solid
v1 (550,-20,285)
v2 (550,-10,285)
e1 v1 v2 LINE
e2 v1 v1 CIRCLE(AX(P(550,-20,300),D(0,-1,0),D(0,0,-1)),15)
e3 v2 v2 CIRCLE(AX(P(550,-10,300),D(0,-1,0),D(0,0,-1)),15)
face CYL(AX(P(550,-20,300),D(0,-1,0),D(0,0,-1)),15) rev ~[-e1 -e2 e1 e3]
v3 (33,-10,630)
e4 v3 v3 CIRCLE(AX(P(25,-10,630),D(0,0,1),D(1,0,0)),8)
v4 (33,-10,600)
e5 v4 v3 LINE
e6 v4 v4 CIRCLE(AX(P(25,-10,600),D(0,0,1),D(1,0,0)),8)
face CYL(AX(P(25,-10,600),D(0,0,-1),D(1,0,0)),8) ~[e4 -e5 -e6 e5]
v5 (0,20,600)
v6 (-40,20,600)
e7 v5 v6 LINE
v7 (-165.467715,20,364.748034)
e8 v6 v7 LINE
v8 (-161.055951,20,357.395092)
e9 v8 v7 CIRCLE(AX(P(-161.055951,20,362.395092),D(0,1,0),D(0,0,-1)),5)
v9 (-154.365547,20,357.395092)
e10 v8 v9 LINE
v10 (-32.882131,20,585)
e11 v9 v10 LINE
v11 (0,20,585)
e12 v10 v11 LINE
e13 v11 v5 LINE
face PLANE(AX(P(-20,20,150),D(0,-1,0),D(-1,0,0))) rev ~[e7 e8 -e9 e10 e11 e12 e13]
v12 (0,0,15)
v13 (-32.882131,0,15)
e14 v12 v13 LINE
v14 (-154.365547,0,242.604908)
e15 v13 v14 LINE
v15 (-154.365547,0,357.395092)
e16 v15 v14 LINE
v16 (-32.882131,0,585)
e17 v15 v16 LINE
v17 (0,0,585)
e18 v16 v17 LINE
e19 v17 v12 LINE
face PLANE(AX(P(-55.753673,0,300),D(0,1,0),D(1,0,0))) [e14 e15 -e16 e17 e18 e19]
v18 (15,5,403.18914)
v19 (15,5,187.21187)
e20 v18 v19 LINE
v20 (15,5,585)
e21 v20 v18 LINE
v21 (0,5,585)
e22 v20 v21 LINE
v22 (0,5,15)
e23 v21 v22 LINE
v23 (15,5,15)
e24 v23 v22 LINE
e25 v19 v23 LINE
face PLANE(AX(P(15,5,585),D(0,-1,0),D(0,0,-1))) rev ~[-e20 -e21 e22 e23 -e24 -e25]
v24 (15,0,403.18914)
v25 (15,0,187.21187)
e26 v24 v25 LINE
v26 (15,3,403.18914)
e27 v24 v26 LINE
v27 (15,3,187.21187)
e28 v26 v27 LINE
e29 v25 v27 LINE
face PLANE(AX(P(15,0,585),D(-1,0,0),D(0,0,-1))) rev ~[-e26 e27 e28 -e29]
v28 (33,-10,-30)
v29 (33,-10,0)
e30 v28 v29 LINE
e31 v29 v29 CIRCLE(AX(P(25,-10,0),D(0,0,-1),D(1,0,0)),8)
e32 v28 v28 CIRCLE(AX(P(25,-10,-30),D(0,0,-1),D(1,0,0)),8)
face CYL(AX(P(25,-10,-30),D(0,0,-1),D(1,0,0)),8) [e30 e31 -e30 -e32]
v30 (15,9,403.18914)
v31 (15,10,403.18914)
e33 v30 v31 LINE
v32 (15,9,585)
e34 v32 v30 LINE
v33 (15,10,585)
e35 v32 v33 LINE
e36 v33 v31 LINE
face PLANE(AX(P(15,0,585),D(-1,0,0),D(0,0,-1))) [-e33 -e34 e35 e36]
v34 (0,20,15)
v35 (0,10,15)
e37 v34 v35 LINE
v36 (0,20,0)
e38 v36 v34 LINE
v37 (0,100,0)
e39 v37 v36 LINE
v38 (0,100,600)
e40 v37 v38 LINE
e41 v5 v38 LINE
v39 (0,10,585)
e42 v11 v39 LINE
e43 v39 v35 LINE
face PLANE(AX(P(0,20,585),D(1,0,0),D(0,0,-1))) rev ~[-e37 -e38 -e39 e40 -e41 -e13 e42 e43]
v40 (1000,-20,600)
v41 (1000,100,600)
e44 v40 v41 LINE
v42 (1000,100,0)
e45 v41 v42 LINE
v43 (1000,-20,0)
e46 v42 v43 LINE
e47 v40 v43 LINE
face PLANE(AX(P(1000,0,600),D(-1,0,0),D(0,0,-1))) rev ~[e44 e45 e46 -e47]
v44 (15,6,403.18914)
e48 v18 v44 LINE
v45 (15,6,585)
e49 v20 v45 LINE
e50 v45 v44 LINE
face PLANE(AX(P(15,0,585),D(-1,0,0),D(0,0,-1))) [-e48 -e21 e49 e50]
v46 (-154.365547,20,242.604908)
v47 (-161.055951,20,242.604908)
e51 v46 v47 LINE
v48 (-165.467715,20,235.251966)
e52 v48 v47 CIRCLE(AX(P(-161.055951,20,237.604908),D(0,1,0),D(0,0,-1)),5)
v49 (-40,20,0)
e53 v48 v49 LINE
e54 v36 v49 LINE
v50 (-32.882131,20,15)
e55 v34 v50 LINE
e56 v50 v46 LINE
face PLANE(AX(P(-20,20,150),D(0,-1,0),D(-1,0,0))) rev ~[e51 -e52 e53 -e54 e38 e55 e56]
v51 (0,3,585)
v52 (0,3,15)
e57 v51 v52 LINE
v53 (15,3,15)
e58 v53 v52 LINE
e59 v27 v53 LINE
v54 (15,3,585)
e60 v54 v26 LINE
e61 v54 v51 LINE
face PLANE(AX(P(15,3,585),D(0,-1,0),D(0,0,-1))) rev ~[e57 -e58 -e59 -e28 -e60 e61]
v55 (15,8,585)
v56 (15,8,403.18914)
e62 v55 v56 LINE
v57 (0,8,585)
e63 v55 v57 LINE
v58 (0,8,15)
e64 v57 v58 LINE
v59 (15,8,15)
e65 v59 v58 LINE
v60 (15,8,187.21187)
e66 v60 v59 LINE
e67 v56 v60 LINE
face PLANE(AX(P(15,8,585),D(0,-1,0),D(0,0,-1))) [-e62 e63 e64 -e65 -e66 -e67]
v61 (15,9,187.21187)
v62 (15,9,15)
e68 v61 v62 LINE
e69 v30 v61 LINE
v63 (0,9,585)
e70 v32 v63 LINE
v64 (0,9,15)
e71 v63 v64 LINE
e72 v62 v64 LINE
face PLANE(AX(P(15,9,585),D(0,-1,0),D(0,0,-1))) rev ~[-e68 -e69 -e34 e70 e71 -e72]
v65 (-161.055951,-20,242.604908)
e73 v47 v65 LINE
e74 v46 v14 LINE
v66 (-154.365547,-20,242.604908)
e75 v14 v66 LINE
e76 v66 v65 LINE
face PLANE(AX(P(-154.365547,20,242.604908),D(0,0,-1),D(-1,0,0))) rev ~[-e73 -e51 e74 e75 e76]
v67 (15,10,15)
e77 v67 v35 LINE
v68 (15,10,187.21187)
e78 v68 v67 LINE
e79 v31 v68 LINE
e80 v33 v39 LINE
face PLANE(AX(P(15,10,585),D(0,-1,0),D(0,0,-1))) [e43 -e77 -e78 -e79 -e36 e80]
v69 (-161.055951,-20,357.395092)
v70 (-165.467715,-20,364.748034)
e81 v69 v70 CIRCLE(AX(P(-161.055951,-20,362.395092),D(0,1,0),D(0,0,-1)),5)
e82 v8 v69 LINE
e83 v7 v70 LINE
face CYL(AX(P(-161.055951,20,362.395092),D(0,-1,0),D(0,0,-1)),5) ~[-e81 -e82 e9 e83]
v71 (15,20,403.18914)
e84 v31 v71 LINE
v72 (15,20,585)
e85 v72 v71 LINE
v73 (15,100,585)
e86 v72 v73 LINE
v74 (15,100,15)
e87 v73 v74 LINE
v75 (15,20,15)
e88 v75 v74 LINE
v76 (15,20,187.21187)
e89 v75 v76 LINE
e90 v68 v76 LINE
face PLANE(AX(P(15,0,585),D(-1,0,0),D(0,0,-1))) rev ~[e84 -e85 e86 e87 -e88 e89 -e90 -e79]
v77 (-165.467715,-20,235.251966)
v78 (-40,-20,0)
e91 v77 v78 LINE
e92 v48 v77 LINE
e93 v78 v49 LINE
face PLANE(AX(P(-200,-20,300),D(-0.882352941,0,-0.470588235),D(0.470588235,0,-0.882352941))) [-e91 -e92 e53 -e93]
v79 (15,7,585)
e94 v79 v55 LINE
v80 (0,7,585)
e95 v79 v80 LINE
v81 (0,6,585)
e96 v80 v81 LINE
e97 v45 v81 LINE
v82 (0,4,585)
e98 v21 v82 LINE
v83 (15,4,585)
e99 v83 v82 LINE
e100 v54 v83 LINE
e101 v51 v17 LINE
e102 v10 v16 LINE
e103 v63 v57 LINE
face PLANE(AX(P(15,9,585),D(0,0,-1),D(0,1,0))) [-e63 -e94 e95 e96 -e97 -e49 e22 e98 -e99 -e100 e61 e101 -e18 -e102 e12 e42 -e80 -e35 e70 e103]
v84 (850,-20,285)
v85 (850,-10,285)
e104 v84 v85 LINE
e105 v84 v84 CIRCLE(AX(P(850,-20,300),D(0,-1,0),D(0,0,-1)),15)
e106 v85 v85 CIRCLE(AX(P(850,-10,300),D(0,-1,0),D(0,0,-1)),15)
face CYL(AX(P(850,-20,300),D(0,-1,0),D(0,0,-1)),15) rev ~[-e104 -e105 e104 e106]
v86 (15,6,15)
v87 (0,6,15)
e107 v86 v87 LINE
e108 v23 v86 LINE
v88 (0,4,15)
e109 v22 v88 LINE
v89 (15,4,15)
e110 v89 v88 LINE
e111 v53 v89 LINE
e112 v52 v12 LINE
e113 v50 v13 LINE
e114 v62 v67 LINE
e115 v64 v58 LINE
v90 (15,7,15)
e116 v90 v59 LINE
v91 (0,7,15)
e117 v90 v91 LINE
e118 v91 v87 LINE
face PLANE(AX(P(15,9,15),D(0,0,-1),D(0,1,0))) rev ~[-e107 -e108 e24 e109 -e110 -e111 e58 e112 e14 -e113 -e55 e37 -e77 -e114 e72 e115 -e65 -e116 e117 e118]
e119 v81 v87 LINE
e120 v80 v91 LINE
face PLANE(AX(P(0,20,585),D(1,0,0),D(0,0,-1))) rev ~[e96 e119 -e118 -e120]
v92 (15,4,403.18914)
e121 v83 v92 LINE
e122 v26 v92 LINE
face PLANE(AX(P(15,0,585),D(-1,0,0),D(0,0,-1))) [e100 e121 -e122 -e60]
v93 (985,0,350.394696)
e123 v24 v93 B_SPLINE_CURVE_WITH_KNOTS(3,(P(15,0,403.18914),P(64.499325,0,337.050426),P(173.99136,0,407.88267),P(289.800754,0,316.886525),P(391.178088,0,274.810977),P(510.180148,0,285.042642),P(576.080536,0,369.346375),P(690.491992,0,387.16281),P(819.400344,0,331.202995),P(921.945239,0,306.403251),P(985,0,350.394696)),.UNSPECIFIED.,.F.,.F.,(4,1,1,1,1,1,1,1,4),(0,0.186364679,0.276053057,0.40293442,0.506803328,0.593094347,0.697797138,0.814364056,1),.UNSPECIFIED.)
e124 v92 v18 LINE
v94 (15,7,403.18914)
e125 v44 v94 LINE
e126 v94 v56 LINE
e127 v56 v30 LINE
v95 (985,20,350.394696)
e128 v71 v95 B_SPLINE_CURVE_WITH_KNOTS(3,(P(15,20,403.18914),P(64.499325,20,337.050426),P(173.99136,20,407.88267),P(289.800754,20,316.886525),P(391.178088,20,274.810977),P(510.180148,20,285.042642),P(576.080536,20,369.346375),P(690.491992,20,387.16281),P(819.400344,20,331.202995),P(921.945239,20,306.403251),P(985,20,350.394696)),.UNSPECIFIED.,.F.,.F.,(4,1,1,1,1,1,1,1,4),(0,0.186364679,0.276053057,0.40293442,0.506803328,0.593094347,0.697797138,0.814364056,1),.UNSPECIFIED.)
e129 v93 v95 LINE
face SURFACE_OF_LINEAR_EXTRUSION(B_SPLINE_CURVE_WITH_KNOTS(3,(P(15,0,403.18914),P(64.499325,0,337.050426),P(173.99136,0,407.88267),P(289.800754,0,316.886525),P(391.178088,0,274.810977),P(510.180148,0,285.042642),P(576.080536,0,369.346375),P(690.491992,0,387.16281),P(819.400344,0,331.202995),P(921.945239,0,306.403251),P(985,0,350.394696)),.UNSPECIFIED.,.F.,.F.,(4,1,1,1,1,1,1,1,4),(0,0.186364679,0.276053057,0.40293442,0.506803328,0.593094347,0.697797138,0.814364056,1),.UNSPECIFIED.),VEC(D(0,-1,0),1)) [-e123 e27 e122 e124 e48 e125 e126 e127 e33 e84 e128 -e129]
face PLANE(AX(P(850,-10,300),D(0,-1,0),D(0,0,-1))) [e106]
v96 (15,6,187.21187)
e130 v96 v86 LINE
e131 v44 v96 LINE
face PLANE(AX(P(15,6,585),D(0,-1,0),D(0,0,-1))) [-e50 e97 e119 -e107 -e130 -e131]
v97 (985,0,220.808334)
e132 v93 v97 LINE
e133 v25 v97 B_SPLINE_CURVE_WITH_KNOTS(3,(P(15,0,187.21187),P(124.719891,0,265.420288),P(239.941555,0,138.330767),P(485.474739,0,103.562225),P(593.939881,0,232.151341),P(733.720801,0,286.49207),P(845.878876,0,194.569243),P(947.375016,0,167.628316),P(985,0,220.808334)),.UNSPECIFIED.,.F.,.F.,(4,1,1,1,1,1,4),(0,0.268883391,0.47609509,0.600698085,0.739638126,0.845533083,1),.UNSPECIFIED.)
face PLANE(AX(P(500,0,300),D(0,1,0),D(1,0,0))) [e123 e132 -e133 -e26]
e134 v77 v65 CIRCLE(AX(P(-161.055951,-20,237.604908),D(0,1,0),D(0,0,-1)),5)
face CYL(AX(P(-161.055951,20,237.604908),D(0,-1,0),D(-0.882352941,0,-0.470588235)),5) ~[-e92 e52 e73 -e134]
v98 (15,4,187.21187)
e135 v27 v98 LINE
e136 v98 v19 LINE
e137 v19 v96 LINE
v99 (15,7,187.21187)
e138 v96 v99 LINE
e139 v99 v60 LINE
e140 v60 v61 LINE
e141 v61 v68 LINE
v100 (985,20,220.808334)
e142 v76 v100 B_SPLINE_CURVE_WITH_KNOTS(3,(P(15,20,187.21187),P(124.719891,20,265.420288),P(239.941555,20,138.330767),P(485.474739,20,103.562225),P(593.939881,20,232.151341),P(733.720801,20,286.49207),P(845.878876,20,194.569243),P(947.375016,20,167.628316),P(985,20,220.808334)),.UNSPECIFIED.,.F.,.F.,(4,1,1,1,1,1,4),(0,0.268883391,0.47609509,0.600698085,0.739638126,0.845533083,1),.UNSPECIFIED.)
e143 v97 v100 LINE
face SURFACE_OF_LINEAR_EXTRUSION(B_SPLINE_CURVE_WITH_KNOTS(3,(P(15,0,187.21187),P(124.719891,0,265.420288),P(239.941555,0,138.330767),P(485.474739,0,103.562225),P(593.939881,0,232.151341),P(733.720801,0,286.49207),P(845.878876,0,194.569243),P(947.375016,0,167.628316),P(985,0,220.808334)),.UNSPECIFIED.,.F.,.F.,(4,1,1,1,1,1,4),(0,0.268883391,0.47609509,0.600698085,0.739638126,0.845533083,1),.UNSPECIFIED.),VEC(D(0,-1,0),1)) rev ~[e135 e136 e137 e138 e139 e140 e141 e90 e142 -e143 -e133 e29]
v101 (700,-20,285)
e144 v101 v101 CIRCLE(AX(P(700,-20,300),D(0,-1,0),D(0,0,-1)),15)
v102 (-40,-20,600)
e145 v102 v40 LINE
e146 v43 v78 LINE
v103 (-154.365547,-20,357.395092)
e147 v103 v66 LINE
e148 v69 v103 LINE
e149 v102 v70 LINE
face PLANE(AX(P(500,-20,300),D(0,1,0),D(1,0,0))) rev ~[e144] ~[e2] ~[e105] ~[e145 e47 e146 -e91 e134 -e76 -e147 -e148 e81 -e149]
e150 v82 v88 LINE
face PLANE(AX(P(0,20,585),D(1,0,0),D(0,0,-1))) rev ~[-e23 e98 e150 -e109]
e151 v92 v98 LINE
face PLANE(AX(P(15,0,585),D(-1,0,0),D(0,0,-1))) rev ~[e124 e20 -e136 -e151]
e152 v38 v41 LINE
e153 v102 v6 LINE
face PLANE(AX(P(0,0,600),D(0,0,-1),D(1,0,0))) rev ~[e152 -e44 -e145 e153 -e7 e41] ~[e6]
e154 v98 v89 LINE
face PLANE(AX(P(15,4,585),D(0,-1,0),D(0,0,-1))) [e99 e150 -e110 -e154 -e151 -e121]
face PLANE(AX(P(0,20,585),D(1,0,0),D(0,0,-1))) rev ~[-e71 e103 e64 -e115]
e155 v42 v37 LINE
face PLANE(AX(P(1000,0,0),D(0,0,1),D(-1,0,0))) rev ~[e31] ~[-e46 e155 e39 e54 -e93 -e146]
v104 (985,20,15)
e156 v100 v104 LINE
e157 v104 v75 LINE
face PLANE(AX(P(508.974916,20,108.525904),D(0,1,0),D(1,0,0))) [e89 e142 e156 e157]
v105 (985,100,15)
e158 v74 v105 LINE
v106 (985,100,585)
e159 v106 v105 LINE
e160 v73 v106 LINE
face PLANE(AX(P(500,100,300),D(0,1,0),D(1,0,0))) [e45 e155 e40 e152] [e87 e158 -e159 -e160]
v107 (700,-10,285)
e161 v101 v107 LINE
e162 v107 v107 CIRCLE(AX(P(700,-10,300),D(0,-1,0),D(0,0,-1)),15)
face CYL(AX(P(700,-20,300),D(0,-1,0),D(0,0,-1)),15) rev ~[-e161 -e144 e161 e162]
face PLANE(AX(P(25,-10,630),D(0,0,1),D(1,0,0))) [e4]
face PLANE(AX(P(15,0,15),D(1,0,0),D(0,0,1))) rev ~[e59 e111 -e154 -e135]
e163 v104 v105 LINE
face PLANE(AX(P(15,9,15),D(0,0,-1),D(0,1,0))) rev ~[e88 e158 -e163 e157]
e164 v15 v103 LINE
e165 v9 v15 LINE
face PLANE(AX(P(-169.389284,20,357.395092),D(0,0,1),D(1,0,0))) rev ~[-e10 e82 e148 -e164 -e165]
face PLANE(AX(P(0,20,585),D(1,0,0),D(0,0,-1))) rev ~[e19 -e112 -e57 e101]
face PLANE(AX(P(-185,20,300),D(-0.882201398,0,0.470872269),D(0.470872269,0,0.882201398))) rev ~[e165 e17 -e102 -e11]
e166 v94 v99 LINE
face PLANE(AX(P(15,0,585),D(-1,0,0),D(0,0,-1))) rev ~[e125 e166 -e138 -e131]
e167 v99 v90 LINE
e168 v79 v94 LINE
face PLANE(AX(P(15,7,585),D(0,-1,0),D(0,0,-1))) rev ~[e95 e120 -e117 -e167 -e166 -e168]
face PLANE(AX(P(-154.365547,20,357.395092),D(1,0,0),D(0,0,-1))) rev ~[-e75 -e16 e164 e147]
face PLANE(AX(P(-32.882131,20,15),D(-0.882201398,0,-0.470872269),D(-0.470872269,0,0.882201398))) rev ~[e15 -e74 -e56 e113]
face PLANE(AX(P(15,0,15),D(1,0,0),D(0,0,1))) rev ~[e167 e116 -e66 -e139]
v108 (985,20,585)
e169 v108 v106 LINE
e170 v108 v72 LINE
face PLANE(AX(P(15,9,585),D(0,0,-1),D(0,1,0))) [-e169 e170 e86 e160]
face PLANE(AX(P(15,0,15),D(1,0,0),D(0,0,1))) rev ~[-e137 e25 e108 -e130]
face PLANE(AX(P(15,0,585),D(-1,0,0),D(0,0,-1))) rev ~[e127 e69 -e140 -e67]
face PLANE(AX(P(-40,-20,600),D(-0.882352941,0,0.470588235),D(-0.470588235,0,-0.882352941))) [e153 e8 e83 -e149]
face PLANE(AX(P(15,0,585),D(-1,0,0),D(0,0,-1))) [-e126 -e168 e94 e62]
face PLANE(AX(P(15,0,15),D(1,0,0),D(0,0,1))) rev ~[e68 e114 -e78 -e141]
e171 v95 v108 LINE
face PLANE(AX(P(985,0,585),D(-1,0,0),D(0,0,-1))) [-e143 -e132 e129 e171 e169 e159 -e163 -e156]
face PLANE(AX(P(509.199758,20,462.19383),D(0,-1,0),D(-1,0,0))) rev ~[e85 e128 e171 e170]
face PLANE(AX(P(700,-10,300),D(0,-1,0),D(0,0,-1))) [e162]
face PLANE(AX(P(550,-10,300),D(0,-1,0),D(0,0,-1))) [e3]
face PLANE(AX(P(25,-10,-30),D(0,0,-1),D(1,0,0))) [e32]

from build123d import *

# Parameters (mm, degrees)
SKETCH1_W           = 1000
SKETCH1_H           = 600
BOSS_EXTRUDE1_DEPTH = 20
SKETCH4_W           = 970
SKETCH4_H           = 570
BOSS_EXTRUDE3_DEPTH = 100
SKETCH5_W           = 570
SKETCH5_H           = 1
CUT_EXTRUDE4_DEPTH  = 100
SKETCH9_W           = 40
SKETCH9_H           = 300
BOSS_EXTRUDE4_DEPTH = 40
CUT_EXTRUDE5_DEPTH  = 20
CUT_EXTRUDE8_DEPTH  = 40
FILLET1_R           = 5
SKETCH13_R          = 15
CUT_EXTRUDE10_DEPTH = 10
SKETCH2_R           = 8
BOSS_EXTRUDE5_DEPTH = 30
BOSS_EXTRUDE6_START = 30
SKETCH3_R           = 8
BOSS_EXTRUDE6_DEPTH = 30
BOSS_EXTRUDE8_DEPTH = 20


with BuildPart() as part:
    # Sketch1 → Boss-Extrude1 (new body)
    with BuildSketch(Plane(origin=(0, 0, 0), x_dir=(1, 0, 0), z_dir=(0, 1, 0))):
        with Locations((500, -300)):
            Rectangle(SKETCH1_W, SKETCH1_H)
    extrude(amount=-BOSS_EXTRUDE1_DEPTH)

    # Sketch4 → Boss-Extrude3 (add)
    with BuildSketch(Plane(origin=(0, 0, 0), x_dir=(1, 0, 0), z_dir=(0, 1, 0))):
        Polygon((985, 0), (0, 0), (0, -600), (1000, -600), (1000, 0), align=None)
        with Locations((500, -300)):
            Rectangle(SKETCH4_W, SKETCH4_H, mode=Mode.SUBTRACT)
    extrude(amount=BOSS_EXTRUDE3_DEPTH)

    # Sketch5 → Cut-Extrude4 (cut)
    with BuildSketch(Plane(origin=(15, 0, 0), x_dir=(0, 0, -1), z_dir=(1, 0, 0))):
        with Locations((-300, 3.5)):
            Rectangle(SKETCH5_W, SKETCH5_H)
        with Locations((-300, 5.5)):
            Rectangle(SKETCH5_W, SKETCH5_H)
        with Locations((-300, 7.5)):
            Rectangle(SKETCH5_W, SKETCH5_H)
        with Locations((-300, 9.5)):
            Rectangle(SKETCH5_W, SKETCH5_H)
    extrude(amount=-CUT_EXTRUDE4_DEPTH, mode=Mode.SUBTRACT)

    # Sketch9 → Boss-Extrude4 (add)
    with BuildSketch(Plane(origin=(0, -20, 0), x_dir=(-1, 0, 0), z_dir=(0, -1, 0))):
        with Locations((20, -150)):
            Rectangle(SKETCH9_W, SKETCH9_H)
        with Locations((20, -450)):
            Rectangle(SKETCH9_W, SKETCH9_H)
        Polygon((40, -300), (40, -600), (200, -300), align=None)
        Polygon((40, 0), (40, -300), (200, -300), align=None)
    extrude(amount=-BOSS_EXTRUDE4_DEPTH)

    # Sketch10 → Cut-Extrude5 (cut)
    with BuildSketch(Plane(origin=(0, 20, 0), x_dir=(1, 0, 0), z_dir=(0, 1, 0))):
        Polygon((-32.882131169, -15), (-185, -300), (-32.882131169, -585), (0, -585), (0, -15), align=None)
    extrude(amount=-CUT_EXTRUDE5_DEPTH, mode=Mode.SUBTRACT)

    # Sketch12 → Cut-Extrude8 (cut)
    with BuildSketch(Plane(origin=(0, 20, 0), x_dir=(1, 0, 0), z_dir=(0, 1, 0))):
        Polygon((-154.365546922, -300), (-154.365546922, -242.604907667), (-169.389284089, -242.604907667), (-200, -300), (-169.389284089, -357.395092333), (-154.365546922, -357.395092333), align=None)
    extrude(amount=-CUT_EXTRUDE8_DEPTH, mode=Mode.SUBTRACT)

    # Fillet1
    fillet1_edges = [part.edges().sort_by_distance(p)[0] for p in [
        (-169.389284089, 0, 357.395092333),
        (-169.389284089, 0, 242.604907667),
    ]]
    fillet(fillet1_edges, radius=FILLET1_R)

    # Sketch13 → Cut-Extrude10 (cut)
    with BuildSketch(Plane(origin=(0, -20, 0), x_dir=(-1, 0, 0), z_dir=(0, -1, 0))):
        with Locations(Location((-700, -300, 0), (0, 0, 90))):
            Circle(SKETCH13_R)
        with Locations(Location((-850, -300, 0), (0, 0, 90))):
            Circle(SKETCH13_R)
        with Locations(Location((-550, -300, 0), (0, 0, 90))):
            Circle(SKETCH13_R)
    extrude(amount=-CUT_EXTRUDE10_DEPTH, mode=Mode.SUBTRACT)

    # Sketch2 → Boss-Extrude5 (add)
    with BuildSketch(Plane.XY.offset(600)):
        with Locations((25, -10)):
            Circle(SKETCH2_R)
    extrude(amount=BOSS_EXTRUDE5_DEPTH)

    # Sketch3 → Boss-Extrude6 (add)
    with BuildSketch(Plane(origin=(0, 0, 0), x_dir=(-1, 0, 0), z_dir=(0, 0, -1)).offset(BOSS_EXTRUDE6_START)):
        with Locations(Location((-25, -10, 0), (0, 0, 180))):
            Circle(SKETCH3_R)
    extrude(amount=-BOSS_EXTRUDE6_DEPTH)

    # Sketch14 → Boss-Extrude8 (add)
    with BuildSketch(Plane(origin=(0, 0, 0), x_dir=(1, 0, 0), z_dir=(0, 1, 0))):
        with BuildLine():
            Line((985, -220.808334487), (985, -15))
            Line((985, -15), (15, -15))
            Line((15, -15), (15, -187.21187033))
            add(Edge.make_bspline(
                [(15, -187.21187033), (124.719890795, -265.420288021), (239.941554954, -138.330767199), (485.474739291, -103.562224537), (593.939880912, -232.151341364), (733.720800914, -286.492070141), (845.878875539, -194.569242684), (947.375015923, -167.628315857), (985, -220.808334487)],
                knots=[0, 0, 0, 0, 0.268883391, 0.47609509, 0.600698085, 0.739638126, 0.845533083, 1, 1, 1, 1], degree=3))
        make_face()
        with BuildLine():
            Line((985, -350.394696236), (985, -585))
            Line((985, -585), (15, -585))
            Line((15, -585), (15, -403.189139911))
            add(Edge.make_bspline(
                [(15, -403.189139911), (64.499324983, -337.050425789), (173.991359683, -407.882670131), (289.800754445, -316.886525176), (391.178087844, -274.810977377), (510.180148048, -285.042641922), (576.080536092, -369.34637534), (690.491991673, -387.162809592), (819.400344159, -331.202995168), (921.945239203, -306.403251299), (985, -350.394696236)],
                knots=[0, 0, 0, 0, 0.186364679, 0.276053057, 0.40293442, 0.506803328, 0.593094347, 0.697797138, 0.814364056, 1, 1, 1, 1], degree=3))
        make_face()
    extrude(amount=BOSS_EXTRUDE8_DEPTH)


solid = part.part
